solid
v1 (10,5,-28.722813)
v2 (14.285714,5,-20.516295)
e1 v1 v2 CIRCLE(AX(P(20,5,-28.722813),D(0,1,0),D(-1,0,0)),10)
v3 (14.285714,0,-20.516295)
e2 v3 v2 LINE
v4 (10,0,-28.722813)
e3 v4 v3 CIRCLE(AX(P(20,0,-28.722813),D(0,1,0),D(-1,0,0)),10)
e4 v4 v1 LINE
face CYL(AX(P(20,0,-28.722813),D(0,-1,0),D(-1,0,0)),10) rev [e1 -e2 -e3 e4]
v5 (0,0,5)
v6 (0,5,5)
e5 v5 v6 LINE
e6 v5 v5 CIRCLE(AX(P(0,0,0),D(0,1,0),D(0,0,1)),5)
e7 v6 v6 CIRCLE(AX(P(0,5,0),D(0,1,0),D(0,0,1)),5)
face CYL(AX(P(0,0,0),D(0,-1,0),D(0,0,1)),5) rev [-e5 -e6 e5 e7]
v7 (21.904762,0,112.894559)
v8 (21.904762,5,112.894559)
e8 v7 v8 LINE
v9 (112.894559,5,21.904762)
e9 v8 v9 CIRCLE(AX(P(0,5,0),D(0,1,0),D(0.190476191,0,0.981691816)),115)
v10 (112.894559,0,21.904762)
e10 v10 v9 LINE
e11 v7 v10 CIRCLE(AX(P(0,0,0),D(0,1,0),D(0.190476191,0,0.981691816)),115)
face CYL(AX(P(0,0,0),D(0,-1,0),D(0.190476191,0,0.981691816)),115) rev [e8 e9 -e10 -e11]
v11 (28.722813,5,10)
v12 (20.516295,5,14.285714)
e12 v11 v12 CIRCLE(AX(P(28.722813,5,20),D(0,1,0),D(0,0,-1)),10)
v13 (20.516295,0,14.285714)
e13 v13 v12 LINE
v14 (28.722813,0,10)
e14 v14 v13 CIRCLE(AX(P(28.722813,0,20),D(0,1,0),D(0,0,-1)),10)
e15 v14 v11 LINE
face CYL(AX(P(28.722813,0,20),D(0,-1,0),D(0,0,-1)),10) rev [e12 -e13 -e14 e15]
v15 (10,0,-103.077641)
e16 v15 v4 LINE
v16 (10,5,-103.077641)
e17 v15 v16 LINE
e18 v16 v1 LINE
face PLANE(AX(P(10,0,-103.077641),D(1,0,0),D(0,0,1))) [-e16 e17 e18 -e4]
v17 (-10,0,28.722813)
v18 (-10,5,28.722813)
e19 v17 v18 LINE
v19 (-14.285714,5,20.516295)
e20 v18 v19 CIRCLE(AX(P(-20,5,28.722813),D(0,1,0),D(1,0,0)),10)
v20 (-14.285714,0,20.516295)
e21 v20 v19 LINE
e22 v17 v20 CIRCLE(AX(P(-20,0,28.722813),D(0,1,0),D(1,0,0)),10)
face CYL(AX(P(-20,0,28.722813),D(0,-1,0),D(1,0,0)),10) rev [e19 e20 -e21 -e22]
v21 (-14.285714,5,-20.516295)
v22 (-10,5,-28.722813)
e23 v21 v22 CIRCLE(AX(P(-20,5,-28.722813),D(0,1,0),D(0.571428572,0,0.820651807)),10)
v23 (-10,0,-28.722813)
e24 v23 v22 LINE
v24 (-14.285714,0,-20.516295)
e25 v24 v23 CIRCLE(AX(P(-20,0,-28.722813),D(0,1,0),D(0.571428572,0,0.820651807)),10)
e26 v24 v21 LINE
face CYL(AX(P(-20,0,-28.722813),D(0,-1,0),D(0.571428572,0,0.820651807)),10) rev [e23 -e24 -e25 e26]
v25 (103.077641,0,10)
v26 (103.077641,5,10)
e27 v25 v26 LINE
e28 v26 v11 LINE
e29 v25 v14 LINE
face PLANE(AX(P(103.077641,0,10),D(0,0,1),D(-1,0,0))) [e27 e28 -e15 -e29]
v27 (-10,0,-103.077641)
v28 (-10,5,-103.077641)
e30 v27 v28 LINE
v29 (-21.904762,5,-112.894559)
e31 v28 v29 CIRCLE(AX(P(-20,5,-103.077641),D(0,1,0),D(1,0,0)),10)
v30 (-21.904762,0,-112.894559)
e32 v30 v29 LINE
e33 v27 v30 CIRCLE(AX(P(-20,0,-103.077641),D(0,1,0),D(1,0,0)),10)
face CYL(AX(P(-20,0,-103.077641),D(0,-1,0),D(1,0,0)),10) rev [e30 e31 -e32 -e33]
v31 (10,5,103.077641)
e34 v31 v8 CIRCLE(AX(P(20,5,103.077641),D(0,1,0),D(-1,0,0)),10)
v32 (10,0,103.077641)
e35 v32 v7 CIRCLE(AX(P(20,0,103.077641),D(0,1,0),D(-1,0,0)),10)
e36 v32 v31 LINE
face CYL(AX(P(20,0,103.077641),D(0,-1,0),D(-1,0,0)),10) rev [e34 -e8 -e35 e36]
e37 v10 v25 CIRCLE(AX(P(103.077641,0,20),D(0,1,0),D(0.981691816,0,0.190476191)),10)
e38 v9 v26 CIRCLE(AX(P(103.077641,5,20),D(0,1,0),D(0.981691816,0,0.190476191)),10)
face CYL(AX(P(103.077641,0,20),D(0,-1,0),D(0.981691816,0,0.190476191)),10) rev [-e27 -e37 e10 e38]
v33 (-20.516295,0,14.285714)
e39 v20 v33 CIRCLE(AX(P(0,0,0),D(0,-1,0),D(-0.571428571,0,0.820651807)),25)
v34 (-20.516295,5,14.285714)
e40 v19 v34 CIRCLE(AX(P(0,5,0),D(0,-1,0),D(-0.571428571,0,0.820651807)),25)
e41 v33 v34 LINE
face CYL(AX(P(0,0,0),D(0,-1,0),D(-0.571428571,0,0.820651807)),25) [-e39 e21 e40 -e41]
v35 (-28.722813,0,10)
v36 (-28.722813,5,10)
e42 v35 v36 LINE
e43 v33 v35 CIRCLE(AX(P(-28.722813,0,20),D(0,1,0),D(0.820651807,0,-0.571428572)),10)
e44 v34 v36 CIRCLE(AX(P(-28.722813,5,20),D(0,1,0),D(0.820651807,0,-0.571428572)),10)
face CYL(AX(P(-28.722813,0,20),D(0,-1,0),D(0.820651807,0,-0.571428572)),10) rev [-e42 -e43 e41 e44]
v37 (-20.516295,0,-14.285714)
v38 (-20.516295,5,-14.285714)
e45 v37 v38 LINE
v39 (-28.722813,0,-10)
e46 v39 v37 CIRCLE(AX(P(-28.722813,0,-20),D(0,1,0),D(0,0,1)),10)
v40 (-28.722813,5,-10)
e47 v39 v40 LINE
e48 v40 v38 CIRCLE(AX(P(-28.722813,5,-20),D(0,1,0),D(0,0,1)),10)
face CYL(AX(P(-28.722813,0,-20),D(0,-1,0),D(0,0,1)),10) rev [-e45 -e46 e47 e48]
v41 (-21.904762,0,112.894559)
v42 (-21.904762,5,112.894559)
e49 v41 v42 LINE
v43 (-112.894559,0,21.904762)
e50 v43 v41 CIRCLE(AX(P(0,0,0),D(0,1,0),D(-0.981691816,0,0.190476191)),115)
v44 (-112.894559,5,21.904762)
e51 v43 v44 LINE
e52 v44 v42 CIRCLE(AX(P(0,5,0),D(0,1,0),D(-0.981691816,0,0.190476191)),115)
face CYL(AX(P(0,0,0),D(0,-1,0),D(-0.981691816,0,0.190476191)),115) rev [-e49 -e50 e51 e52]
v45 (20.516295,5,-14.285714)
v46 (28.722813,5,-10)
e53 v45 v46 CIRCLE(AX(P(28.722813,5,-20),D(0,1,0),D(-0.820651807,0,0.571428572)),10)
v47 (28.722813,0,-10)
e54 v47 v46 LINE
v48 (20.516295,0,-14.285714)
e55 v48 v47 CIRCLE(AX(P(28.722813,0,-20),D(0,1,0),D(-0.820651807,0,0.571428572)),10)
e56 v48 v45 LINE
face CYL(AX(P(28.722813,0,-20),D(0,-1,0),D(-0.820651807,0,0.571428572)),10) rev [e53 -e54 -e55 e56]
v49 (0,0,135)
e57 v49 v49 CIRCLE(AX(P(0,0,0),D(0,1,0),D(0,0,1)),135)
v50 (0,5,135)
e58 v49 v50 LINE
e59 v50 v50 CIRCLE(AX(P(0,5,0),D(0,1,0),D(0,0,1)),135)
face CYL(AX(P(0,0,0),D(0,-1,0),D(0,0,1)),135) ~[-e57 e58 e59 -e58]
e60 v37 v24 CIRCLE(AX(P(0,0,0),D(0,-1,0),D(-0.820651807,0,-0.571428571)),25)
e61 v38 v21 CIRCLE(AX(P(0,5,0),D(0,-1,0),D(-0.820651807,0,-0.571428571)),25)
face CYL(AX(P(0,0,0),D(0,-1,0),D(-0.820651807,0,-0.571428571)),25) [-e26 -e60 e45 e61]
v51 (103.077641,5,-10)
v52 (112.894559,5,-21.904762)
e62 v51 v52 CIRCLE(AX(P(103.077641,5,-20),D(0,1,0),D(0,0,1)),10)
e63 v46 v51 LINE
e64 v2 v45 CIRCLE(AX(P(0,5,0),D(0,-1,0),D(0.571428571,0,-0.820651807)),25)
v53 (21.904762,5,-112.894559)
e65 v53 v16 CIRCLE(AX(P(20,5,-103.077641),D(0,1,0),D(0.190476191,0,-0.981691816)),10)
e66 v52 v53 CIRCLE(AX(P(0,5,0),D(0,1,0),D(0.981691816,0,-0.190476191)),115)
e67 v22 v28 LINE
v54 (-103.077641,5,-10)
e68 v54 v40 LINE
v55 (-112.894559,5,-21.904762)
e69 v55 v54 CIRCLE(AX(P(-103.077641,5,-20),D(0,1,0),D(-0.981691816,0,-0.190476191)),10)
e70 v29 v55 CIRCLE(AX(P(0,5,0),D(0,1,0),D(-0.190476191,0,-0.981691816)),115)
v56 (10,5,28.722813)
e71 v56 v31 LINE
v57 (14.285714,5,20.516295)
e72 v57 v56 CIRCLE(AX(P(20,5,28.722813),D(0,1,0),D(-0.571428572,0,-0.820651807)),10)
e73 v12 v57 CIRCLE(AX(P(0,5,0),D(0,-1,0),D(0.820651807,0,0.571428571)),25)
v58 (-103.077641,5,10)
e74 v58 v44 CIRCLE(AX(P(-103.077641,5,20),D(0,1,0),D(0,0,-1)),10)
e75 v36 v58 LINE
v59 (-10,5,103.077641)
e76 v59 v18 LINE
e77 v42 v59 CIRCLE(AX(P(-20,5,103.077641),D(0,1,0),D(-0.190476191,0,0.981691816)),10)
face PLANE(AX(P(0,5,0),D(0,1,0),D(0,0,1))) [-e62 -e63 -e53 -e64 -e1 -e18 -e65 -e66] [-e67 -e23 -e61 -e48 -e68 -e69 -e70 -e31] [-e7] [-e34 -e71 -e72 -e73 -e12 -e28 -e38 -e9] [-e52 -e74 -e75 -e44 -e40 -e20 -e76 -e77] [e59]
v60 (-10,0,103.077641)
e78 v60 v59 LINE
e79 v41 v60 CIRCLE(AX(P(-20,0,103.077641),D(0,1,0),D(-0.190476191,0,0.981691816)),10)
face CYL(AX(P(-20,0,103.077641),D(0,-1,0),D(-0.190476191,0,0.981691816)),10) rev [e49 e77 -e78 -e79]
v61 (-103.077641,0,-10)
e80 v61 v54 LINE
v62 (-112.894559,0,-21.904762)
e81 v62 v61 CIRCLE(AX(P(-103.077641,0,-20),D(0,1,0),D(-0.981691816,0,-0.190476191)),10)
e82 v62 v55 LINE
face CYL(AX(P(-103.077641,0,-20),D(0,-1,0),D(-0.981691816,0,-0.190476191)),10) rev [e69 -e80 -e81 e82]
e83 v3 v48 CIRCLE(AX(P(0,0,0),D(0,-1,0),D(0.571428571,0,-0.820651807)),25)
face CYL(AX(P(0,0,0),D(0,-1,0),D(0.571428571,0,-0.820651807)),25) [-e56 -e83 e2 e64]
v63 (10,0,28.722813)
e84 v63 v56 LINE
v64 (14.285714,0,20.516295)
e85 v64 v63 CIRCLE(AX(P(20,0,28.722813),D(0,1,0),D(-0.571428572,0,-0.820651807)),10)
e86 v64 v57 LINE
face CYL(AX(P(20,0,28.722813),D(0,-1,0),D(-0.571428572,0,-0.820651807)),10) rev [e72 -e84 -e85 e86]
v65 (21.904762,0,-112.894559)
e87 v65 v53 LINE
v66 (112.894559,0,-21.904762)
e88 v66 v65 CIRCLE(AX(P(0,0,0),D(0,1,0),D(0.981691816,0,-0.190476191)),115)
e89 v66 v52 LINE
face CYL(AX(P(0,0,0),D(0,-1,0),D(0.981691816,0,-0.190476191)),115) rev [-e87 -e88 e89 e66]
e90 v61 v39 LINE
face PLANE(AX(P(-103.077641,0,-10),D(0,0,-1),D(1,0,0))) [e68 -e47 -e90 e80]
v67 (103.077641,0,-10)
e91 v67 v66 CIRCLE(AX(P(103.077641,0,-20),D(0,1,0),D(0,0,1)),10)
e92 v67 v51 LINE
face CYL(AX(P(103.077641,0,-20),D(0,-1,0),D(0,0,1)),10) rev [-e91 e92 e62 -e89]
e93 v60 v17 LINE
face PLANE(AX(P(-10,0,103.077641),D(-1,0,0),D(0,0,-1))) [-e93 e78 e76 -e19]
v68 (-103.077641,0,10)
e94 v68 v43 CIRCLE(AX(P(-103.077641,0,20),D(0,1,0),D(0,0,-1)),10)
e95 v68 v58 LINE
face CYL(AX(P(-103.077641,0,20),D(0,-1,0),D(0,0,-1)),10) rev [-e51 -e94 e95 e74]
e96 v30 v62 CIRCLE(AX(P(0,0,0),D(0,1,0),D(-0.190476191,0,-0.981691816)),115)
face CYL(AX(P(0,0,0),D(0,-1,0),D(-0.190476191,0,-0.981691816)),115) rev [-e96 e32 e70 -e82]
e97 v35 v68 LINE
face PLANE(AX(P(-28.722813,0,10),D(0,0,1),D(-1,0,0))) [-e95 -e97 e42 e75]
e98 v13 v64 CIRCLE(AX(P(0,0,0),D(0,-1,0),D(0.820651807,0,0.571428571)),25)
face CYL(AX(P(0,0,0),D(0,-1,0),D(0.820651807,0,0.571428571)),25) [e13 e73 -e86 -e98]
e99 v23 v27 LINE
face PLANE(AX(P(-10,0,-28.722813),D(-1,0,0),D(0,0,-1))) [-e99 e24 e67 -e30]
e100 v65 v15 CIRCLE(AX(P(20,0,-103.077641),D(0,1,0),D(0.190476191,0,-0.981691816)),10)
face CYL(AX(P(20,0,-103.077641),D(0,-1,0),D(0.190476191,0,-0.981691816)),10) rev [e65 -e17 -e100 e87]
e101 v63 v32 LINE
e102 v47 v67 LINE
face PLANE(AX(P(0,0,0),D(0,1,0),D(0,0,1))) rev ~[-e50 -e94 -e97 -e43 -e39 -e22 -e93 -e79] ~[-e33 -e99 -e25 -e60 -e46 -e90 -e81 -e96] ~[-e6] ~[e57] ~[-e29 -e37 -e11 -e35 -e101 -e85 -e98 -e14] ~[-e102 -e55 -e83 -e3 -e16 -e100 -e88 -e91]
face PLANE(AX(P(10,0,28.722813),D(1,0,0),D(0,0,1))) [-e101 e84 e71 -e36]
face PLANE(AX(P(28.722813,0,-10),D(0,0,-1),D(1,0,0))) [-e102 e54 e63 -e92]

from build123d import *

# Parameters (mm, degrees)
SKETCH_1_R      = 135
SKETCH_1_R_2    = 5
EXTRUDE_1_DEPTH = 5


with BuildPart() as part:
    # ｽｹｯﾁ1 → ﾎﾞｽ - 押し出し1 (new body)
    with BuildSketch(Plane(origin=(0, 0, 0), x_dir=(1, 0, 0), z_dir=(0, 1, 0))):
        with Locations(Location((0, 0, 0), (0, 0, 270))):
            Circle(SKETCH_1_R)
        with Locations(Location((0, 0, 0), (0, 0, 270))):
            Circle(SKETCH_1_R_2, mode=Mode.SUBTRACT)
        with BuildLine():
            Line((-103.07764064, 10), (-28.722813233, 10))
            ThreePointArc((-28.722813233, 10), (-24.093712734, 11.135947396), (-20.516295166, 14.285714286))
            ThreePointArc((-20.516295166, 14.285714286), (-17.67766953, 17.67766953), (-14.285714286, 20.516295166))
            ThreePointArc((-14.285714286, 20.516295166), (-11.135947396, 24.093712734), (-10, 28.722813233))
            Line((-10, 28.722813233), (-10, 103.07764064))
            ThreePointArc((-10, 103.07764064), (-13.637909897, 110.792808139), (-21.904761905, 112.894558797))
            ThreePointArc((-21.904761905, 112.894558797), (-81.317279836, 81.317279836), (-112.894558797, 21.904761905))
            ThreePointArc((-112.894558797, 21.904761905), (-110.792808139, 13.637909897), (-103.07764064, 10))
        make_face(mode=Mode.SUBTRACT)
        with BuildLine():
            Line((10, 103.07764064), (10, 28.722813233))
            ThreePointArc((10, 28.722813233), (11.135947396, 24.093712734), (14.285714286, 20.516295166))
            ThreePointArc((14.285714286, 20.516295166), (17.67766953, 17.67766953), (20.516295166, 14.285714286))
            ThreePointArc((20.516295166, 14.285714286), (24.093712734, 11.135947396), (28.722813233, 10))
            Line((28.722813233, 10), (103.07764064, 10))
            ThreePointArc((103.07764064, 10), (110.792808139, 13.637909897), (112.894558797, 21.904761905))
            ThreePointArc((112.894558797, 21.904761905), (81.317279836, 81.317279836), (21.904761905, 112.894558797))
            ThreePointArc((21.904761905, 112.894558797), (13.637909897, 110.792808139), (10, 103.07764064))
        make_face(mode=Mode.SUBTRACT)
        with BuildLine():
            Line((103.07764064, -10), (28.722813233, -10))
            ThreePointArc((28.722813233, -10), (24.093712734, -11.135947396), (20.516295166, -14.285714286))
            ThreePointArc((20.516295166, -14.285714286), (17.67766953, -17.67766953), (14.285714286, -20.516295166))
            ThreePointArc((14.285714286, -20.516295166), (11.135947396, -24.093712734), (10, -28.722813233))
            Line((10, -28.722813233), (10, -103.07764064))
            ThreePointArc((10, -103.07764064), (13.637909897, -110.792808139), (21.904761905, -112.894558797))
            ThreePointArc((21.904761905, -112.894558797), (81.317279836, -81.317279836), (112.894558797, -21.904761905))
            ThreePointArc((112.894558797, -21.904761905), (110.792808139, -13.637909897), (103.07764064, -10))
        make_face(mode=Mode.SUBTRACT)
        with BuildLine():
            Line((-10, -103.07764064), (-10, -28.722813233))
            ThreePointArc((-10, -28.722813233), (-11.135947396, -24.093712734), (-14.285714286, -20.516295166))
            ThreePointArc((-14.285714286, -20.516295166), (-17.67766953, -17.67766953), (-20.516295166, -14.285714286))
            ThreePointArc((-20.516295166, -14.285714286), (-24.093712734, -11.135947396), (-28.722813233, -10))
            Line((-28.722813233, -10), (-103.07764064, -10))
            ThreePointArc((-103.07764064, -10), (-110.792808139, -13.637909897), (-112.894558797, -21.904761905))
            ThreePointArc((-112.894558797, -21.904761905), (-81.317279836, -81.317279836), (-21.904761905, -112.894558797))
            ThreePointArc((-21.904761905, -112.894558797), (-13.637909897, -110.792808139), (-10, -103.07764064))
        make_face(mode=Mode.SUBTRACT)
    extrude(amount=EXTRUDE_1_DEPTH)


solid = part.part
